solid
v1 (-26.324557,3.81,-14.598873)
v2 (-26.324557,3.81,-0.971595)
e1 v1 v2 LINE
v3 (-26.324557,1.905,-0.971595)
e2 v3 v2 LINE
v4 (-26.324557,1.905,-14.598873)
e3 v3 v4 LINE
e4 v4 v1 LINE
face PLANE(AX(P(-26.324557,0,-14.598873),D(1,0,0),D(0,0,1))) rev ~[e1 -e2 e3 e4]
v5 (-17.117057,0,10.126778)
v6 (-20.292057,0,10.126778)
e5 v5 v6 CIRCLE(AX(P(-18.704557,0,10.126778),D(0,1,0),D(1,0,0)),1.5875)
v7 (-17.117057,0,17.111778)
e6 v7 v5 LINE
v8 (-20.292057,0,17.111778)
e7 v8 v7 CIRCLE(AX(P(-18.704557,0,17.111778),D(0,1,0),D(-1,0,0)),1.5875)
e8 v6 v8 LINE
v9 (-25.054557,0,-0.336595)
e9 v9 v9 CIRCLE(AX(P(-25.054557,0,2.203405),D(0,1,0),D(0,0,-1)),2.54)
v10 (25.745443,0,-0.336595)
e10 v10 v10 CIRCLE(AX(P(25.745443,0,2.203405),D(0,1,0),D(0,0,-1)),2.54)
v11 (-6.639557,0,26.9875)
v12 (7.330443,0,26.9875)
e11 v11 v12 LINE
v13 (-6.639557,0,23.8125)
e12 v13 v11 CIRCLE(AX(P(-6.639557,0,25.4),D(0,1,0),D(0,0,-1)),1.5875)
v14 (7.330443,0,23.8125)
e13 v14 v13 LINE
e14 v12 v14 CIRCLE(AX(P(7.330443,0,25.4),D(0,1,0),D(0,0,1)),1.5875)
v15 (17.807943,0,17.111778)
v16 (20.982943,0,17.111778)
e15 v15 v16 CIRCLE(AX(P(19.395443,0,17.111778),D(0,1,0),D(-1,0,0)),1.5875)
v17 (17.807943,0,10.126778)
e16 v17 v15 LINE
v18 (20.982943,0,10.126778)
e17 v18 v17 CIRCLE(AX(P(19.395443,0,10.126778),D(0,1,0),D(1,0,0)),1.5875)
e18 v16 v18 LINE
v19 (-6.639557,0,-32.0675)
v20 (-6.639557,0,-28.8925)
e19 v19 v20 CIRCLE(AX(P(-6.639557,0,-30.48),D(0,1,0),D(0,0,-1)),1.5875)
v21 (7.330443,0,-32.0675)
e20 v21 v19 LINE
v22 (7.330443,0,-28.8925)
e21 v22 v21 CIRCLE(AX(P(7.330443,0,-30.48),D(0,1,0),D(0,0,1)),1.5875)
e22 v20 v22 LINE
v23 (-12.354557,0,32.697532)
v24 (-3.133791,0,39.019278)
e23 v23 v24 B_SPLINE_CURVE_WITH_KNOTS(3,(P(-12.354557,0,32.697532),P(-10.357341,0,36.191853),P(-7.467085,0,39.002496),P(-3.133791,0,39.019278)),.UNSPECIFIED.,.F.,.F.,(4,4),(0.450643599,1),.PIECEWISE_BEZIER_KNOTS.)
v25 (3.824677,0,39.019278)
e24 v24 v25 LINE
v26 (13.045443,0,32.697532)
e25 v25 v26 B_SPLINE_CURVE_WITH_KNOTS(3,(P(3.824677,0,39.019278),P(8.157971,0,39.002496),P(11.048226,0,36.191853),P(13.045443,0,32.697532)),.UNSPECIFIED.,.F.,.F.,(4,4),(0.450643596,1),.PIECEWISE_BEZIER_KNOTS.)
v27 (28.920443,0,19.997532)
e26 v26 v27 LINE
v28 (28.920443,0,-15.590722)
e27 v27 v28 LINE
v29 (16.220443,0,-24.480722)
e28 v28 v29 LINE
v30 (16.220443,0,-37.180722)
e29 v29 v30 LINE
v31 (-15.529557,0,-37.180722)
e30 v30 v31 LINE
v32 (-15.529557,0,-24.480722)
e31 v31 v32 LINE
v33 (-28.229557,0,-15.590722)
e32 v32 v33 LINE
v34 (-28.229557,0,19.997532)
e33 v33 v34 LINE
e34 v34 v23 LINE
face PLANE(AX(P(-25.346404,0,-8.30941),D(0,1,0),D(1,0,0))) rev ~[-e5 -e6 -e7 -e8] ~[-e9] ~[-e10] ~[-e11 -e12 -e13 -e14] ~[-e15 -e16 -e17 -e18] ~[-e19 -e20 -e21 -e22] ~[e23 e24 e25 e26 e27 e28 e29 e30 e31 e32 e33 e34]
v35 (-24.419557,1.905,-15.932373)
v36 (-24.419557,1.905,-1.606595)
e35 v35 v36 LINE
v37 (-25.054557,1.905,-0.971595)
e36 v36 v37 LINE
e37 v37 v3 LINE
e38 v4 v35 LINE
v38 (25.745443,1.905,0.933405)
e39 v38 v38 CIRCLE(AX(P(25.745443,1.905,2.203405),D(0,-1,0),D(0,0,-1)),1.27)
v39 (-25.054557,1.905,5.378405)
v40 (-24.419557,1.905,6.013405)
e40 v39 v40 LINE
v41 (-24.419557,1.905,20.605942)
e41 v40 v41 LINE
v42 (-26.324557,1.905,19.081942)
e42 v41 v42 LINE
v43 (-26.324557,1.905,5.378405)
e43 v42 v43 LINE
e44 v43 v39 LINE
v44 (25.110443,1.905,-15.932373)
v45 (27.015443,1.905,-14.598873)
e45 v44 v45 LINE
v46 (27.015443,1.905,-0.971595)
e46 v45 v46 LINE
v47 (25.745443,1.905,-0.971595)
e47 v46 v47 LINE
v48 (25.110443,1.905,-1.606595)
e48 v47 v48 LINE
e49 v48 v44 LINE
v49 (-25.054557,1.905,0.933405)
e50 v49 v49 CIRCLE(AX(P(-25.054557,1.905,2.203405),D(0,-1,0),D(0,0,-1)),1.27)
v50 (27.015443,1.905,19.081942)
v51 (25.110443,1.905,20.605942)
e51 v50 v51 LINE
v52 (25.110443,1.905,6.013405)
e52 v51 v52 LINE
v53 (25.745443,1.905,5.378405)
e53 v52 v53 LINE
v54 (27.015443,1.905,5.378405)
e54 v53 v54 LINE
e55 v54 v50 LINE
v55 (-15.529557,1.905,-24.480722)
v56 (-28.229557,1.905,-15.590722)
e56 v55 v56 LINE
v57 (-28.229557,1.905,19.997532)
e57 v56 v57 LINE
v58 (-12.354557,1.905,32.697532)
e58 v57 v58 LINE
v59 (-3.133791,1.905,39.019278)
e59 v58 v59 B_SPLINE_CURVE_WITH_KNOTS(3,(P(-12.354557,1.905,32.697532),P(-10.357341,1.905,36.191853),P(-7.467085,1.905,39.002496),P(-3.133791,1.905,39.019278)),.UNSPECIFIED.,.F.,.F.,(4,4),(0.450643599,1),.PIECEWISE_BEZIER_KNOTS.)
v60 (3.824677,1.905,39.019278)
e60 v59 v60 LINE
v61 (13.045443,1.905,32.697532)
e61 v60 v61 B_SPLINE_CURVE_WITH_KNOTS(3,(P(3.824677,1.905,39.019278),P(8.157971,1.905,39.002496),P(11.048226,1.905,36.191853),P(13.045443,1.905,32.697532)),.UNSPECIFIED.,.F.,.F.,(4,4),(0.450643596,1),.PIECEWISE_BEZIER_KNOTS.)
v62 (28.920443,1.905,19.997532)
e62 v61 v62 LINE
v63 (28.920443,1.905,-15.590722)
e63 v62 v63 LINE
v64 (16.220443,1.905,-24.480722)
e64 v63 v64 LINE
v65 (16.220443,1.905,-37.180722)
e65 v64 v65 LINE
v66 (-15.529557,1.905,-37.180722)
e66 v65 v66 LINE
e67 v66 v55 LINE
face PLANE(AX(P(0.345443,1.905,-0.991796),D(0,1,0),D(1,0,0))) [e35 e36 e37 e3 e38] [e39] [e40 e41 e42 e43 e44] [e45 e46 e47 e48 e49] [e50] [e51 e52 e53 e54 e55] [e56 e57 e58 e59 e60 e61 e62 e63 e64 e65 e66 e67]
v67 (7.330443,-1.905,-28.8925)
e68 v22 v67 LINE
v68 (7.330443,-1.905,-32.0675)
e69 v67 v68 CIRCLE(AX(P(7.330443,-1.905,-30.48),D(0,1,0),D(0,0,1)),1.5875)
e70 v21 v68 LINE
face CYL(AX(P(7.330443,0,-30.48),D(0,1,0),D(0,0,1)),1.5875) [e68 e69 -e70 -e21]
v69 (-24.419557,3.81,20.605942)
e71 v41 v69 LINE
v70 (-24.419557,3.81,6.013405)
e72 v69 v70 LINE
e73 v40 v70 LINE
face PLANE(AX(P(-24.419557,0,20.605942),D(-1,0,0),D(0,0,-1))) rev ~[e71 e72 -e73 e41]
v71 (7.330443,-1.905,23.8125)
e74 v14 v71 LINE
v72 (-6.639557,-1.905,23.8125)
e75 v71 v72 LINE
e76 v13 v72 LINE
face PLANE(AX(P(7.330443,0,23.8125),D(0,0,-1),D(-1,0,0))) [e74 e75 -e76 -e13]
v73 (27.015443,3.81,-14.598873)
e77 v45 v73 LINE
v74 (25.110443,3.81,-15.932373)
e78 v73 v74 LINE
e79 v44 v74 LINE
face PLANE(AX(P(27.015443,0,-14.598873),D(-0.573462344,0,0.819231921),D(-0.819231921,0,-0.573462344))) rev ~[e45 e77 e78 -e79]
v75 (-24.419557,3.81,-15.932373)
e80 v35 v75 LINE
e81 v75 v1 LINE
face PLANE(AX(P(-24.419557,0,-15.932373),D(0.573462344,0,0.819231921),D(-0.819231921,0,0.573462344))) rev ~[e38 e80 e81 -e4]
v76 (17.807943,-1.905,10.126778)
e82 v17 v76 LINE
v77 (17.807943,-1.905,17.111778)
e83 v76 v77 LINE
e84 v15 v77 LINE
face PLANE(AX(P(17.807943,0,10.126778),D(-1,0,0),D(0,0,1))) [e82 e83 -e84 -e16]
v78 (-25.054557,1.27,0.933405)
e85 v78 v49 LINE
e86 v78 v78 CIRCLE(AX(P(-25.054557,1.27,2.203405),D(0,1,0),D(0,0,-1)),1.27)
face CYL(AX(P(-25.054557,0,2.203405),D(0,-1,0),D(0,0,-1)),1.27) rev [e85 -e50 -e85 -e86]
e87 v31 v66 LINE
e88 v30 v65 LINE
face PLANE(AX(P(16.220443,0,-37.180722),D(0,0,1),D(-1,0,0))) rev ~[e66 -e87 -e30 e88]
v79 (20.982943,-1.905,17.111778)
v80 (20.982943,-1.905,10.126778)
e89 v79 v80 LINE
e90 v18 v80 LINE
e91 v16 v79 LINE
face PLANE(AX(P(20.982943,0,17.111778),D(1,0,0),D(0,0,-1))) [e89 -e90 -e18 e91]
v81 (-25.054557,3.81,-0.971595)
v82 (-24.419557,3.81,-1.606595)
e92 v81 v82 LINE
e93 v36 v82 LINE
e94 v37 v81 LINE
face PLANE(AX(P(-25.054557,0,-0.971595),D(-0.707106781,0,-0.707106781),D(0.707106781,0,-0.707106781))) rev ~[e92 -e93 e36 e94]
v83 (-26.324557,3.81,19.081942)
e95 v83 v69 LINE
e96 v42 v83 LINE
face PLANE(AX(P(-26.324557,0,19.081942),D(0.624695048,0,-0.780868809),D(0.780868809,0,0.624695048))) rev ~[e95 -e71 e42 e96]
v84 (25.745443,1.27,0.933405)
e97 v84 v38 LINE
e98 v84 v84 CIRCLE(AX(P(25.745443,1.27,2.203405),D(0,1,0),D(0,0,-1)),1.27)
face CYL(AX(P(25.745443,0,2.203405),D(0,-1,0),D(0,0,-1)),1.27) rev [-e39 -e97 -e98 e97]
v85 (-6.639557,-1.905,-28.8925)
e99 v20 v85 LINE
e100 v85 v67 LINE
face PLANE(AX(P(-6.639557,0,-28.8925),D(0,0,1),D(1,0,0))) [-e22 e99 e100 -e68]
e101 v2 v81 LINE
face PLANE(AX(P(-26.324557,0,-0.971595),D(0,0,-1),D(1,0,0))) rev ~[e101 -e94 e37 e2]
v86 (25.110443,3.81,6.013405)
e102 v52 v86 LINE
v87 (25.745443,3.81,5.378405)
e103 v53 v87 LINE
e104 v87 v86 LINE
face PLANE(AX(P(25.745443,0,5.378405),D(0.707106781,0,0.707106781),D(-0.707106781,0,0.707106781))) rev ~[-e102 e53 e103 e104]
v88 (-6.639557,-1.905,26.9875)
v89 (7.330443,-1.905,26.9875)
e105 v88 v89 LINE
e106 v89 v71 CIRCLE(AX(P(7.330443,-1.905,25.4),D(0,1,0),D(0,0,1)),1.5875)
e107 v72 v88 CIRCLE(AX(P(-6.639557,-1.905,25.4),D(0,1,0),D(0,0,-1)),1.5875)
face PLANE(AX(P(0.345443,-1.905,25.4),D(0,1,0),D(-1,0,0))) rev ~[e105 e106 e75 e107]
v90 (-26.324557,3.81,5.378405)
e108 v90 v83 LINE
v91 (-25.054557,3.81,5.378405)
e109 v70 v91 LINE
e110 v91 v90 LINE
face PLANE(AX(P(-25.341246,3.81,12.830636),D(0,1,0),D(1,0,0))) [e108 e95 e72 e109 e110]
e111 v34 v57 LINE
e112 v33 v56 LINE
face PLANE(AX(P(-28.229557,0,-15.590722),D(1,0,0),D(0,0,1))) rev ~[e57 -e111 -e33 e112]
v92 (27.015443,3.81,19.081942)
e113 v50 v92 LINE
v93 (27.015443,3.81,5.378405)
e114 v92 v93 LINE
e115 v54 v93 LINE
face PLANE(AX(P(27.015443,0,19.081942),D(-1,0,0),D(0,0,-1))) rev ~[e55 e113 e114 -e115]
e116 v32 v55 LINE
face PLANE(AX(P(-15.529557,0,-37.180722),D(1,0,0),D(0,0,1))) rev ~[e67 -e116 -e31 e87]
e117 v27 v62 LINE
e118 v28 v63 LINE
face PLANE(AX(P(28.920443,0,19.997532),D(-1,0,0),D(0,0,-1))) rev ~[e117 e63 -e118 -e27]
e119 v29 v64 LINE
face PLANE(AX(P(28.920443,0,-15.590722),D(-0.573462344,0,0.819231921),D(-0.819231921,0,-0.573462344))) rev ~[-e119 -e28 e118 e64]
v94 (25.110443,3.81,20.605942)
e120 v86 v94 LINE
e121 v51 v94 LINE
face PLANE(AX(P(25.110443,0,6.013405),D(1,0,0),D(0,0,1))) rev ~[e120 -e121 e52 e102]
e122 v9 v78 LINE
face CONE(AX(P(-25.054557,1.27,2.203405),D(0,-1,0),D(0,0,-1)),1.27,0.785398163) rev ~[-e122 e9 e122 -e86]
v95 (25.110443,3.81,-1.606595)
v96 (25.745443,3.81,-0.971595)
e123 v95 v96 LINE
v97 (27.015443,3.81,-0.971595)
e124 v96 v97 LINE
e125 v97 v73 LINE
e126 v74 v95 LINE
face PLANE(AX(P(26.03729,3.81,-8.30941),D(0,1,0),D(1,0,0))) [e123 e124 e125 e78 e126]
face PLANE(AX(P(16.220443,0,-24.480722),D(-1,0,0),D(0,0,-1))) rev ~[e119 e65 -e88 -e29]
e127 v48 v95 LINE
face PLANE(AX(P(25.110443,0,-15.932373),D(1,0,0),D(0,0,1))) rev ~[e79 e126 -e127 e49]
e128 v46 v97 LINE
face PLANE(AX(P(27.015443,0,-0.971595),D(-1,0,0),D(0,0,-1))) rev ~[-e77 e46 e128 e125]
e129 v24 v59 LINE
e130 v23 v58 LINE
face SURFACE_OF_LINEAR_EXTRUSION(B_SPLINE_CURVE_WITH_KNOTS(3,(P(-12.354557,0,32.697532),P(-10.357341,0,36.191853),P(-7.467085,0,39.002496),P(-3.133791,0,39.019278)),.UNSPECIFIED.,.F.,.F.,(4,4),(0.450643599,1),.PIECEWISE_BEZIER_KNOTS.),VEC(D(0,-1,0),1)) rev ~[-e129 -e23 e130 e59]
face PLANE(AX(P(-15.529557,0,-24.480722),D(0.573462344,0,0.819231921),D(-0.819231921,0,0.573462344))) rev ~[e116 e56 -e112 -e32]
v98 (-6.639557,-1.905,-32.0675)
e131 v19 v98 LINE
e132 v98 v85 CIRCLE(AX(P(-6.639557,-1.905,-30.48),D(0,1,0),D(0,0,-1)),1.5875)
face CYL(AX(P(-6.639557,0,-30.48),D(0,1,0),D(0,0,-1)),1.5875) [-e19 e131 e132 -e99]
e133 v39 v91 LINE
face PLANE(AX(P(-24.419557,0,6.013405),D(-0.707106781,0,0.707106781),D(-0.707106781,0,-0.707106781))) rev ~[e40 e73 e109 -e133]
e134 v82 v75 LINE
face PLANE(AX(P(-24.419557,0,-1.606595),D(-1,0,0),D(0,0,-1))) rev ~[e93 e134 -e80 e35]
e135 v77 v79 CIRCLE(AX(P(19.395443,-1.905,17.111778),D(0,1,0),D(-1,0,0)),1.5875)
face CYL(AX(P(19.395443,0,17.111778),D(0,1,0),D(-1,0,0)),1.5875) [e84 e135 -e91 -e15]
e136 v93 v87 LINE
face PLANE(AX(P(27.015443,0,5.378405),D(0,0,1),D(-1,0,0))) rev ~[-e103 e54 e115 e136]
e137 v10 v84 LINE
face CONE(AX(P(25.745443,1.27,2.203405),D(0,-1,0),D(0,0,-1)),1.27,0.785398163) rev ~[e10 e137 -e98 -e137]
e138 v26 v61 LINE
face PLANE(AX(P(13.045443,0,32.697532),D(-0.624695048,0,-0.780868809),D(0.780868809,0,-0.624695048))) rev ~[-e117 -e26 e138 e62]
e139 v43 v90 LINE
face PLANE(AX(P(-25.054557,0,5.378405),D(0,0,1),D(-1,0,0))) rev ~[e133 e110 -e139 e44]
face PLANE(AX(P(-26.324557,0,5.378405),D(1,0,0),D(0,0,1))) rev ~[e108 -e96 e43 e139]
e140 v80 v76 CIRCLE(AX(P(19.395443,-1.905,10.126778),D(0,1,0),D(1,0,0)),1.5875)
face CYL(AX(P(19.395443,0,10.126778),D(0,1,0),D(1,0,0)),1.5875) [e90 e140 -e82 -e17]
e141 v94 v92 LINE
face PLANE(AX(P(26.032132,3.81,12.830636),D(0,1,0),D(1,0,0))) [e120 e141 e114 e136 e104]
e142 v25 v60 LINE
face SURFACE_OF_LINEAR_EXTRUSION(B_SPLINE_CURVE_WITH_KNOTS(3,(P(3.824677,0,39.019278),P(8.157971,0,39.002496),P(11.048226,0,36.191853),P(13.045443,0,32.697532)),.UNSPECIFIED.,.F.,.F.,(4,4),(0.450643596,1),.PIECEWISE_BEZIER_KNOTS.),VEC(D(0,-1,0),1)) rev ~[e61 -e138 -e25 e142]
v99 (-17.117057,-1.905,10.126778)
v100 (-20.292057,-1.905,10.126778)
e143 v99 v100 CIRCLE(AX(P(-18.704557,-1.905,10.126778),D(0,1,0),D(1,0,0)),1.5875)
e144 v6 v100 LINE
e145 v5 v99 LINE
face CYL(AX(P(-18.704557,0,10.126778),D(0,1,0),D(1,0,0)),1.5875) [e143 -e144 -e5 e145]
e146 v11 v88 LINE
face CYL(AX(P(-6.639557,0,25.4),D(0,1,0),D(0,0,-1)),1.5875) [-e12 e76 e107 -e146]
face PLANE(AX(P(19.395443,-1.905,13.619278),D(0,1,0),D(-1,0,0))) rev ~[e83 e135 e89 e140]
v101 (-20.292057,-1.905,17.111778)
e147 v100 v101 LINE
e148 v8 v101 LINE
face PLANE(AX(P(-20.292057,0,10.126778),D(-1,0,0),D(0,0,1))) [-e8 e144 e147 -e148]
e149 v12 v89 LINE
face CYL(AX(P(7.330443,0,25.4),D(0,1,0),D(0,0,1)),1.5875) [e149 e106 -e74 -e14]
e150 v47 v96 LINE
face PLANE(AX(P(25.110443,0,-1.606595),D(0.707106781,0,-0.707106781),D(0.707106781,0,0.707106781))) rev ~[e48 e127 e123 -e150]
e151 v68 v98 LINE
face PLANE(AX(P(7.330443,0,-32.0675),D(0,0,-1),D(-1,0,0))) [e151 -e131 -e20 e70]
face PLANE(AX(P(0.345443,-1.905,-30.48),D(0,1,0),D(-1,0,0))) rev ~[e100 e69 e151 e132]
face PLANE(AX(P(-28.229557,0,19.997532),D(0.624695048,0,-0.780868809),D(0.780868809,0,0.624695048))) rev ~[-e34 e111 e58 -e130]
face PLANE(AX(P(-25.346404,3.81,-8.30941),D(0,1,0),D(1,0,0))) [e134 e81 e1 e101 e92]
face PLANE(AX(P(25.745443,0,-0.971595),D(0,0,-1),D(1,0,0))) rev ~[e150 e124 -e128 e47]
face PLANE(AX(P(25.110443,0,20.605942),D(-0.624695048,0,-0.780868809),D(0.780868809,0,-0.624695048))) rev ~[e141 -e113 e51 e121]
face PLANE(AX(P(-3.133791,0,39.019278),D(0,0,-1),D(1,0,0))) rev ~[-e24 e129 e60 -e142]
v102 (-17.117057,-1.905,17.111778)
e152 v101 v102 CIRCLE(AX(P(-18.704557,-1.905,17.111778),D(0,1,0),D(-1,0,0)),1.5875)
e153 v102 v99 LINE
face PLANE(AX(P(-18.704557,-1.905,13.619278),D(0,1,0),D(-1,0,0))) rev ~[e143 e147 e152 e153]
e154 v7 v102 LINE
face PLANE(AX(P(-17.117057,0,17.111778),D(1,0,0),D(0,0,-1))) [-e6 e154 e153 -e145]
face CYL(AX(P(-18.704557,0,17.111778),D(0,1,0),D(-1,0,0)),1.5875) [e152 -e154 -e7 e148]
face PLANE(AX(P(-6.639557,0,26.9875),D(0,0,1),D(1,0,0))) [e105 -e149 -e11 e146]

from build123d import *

# Parameters (mm, degrees)
BOSS_EXTRUDE1_DEPTH = 1.905
BOSS_EXTRUDE2_DEPTH = 3.81
SKETCH4_R           = 1.27
CUT_EXTRUDE1_DEPTH  = 3.81
CHAMFER1_SIZE       = 1.27
BOSS_EXTRUDE3_DEPTH = 1.905


with BuildPart() as part:
    # Sketch2 → Boss-Extrude1 (new body)
    with BuildSketch(Plane(origin=(0, 0, 0), x_dir=(1, 0, 0), z_dir=(0, 1, 0))):
        with BuildLine():
            Line((-15.52955712, 24.480722254), (-28.22955712, 15.590722254))
            Line((-28.22955712, 15.590722254), (-28.22955712, -19.997532082))
            Line((-28.22955712, -19.997532082), (-12.354557094, -32.697532128))
            add(Edge.make_bspline(
                [(-12.354557094, -32.697532128), (-10.357340532, -36.191853262), (-7.467085325, -39.002495951), (-3.133791164, -39.019277746)],
                knots=[0.450643599, 0.450643599, 0.450643599, 0.450643599, 1, 1, 1, 1], degree=3))
            Line((-3.133791164, -39.019277746), (3.824676923, -39.019277746))
            add(Edge.make_bspline(
                [(3.824676923, -39.019277746), (8.157971103, -39.002495951), (11.048226317, -36.191853237), (13.04544288, -32.697532082)],
                knots=[0.450643596, 0.450643596, 0.450643596, 0.450643596, 1, 1, 1, 1], degree=3))
            Line((13.04544288, -32.697532082), (28.92044288, -19.997532082))
            Line((28.92044288, -19.997532082), (28.92044288, 15.590722254))
            Line((28.92044288, 15.590722254), (16.22044288, 24.480722254))
            Line((16.22044288, 24.480722254), (16.22044288, 37.180722254))
            Line((16.22044288, 37.180722254), (-15.52955712, 37.180722254))
            Line((-15.52955712, 37.180722254), (-15.52955712, 24.480722254))
        make_face()
    extrude(amount=BOSS_EXTRUDE1_DEPTH)

    # Sketch3 → Boss-Extrude2 (add)
    with BuildSketch(Plane(origin=(0, 0, 0), x_dir=(1, 0, 0), z_dir=(0, 1, 0))):
        Polygon((-24.41955712, 1.606595086), (-24.41955712, 15.932373409), (-26.32455712, 14.598873409), (-26.32455712, 0.971595086), (-25.05455712, 0.971595086), align=None)
        Polygon((27.01544288, 14.598873409), (25.11044288, 15.932373409), (25.11044288, 1.606595086), (25.74544288, 0.971595086), (27.01544288, 0.971595086), align=None)
        Polygon((-24.41955712, -6.013404914), (-25.05455712, -5.378404914), (-26.32455712, -5.378404914), (-26.32455712, -19.081941748), (-24.41955712, -20.605941748), align=None)
        Polygon((27.01544288, -5.378404914), (25.74544288, -5.378404914), (25.11044288, -6.013404914), (25.11044288, -20.605941748), (27.01544288, -19.081941748), align=None)
    extrude(amount=BOSS_EXTRUDE2_DEPTH)

    # Sketch4 → Cut-Extrude1 (cut)
    with BuildSketch(Plane(origin=(0, 0, 0), x_dir=(1, 0, 0), z_dir=(0, 1, 0))):
        with Locations((-25.05455712, -2.203404914)):
            Circle(SKETCH4_R)
        with Locations((25.74544288, -2.203404914)):
            Circle(SKETCH4_R)
    extrude(amount=CUT_EXTRUDE1_DEPTH, mode=Mode.SUBTRACT)

    # Chamfer1
    chamfer1_edges = [part.edges().sort_by_distance(p)[0] for p in [
        (-26.32455712, 0, 2.203404914),
        (24.47544288, 0, 2.203404914),
    ]]
    chamfer(chamfer1_edges, length=CHAMFER1_SIZE)

    # Sketch5 → Boss-Extrude3 (add)
    with BuildSketch(Plane.XZ):
        with BuildLine():
            Line((-6.63955712, 26.9875), (7.33044288, 26.9875))
            ThreePointArc((7.33044288, 26.9875), (8.91794288, 25.4), (7.33044288, 23.8125))
            Line((7.33044288, 23.8125), (-6.63955712, 23.8125))
            ThreePointArc((-6.63955712, 23.8125), (-8.22705712, 25.4), (-6.63955712, 26.9875))
        make_face()
        with BuildLine():
            Line((-6.63955712, -28.8925), (7.33044288, -28.8925))
            ThreePointArc((7.33044288, -28.8925), (8.91794288, -30.48), (7.33044288, -32.0675))
            Line((7.33044288, -32.0675), (-6.63955712, -32.0675))
            ThreePointArc((-6.63955712, -32.0675), (-8.22705712, -30.48), (-6.63955712, -28.8925))
        make_face()
        with BuildLine():
            Line((-17.11705712, 17.111777746), (-17.11705712, 10.126777746))
            ThreePointArc((-17.11705712, 10.126777746), (-18.70455712, 8.539277746), (-20.29205712, 10.126777746))
            Line((-20.29205712, 10.126777746), (-20.29205712, 17.111777746))
            ThreePointArc((-20.29205712, 17.111777746), (-18.70455712, 18.699277746), (-17.11705712, 17.111777746))
        make_face()
        with BuildLine():
            Line((20.98294288, 17.111777746), (20.98294288, 10.126777746))
            ThreePointArc((20.98294288, 10.126777746), (19.39544288, 8.539277746), (17.80794288, 10.126777746))
            Line((17.80794288, 10.126777746), (17.80794288, 17.111777746))
            ThreePointArc((17.80794288, 17.111777746), (19.39544288, 18.699277746), (20.98294288, 17.111777746))
        make_face()
    extrude(amount=BOSS_EXTRUDE3_DEPTH)


solid = part.part
